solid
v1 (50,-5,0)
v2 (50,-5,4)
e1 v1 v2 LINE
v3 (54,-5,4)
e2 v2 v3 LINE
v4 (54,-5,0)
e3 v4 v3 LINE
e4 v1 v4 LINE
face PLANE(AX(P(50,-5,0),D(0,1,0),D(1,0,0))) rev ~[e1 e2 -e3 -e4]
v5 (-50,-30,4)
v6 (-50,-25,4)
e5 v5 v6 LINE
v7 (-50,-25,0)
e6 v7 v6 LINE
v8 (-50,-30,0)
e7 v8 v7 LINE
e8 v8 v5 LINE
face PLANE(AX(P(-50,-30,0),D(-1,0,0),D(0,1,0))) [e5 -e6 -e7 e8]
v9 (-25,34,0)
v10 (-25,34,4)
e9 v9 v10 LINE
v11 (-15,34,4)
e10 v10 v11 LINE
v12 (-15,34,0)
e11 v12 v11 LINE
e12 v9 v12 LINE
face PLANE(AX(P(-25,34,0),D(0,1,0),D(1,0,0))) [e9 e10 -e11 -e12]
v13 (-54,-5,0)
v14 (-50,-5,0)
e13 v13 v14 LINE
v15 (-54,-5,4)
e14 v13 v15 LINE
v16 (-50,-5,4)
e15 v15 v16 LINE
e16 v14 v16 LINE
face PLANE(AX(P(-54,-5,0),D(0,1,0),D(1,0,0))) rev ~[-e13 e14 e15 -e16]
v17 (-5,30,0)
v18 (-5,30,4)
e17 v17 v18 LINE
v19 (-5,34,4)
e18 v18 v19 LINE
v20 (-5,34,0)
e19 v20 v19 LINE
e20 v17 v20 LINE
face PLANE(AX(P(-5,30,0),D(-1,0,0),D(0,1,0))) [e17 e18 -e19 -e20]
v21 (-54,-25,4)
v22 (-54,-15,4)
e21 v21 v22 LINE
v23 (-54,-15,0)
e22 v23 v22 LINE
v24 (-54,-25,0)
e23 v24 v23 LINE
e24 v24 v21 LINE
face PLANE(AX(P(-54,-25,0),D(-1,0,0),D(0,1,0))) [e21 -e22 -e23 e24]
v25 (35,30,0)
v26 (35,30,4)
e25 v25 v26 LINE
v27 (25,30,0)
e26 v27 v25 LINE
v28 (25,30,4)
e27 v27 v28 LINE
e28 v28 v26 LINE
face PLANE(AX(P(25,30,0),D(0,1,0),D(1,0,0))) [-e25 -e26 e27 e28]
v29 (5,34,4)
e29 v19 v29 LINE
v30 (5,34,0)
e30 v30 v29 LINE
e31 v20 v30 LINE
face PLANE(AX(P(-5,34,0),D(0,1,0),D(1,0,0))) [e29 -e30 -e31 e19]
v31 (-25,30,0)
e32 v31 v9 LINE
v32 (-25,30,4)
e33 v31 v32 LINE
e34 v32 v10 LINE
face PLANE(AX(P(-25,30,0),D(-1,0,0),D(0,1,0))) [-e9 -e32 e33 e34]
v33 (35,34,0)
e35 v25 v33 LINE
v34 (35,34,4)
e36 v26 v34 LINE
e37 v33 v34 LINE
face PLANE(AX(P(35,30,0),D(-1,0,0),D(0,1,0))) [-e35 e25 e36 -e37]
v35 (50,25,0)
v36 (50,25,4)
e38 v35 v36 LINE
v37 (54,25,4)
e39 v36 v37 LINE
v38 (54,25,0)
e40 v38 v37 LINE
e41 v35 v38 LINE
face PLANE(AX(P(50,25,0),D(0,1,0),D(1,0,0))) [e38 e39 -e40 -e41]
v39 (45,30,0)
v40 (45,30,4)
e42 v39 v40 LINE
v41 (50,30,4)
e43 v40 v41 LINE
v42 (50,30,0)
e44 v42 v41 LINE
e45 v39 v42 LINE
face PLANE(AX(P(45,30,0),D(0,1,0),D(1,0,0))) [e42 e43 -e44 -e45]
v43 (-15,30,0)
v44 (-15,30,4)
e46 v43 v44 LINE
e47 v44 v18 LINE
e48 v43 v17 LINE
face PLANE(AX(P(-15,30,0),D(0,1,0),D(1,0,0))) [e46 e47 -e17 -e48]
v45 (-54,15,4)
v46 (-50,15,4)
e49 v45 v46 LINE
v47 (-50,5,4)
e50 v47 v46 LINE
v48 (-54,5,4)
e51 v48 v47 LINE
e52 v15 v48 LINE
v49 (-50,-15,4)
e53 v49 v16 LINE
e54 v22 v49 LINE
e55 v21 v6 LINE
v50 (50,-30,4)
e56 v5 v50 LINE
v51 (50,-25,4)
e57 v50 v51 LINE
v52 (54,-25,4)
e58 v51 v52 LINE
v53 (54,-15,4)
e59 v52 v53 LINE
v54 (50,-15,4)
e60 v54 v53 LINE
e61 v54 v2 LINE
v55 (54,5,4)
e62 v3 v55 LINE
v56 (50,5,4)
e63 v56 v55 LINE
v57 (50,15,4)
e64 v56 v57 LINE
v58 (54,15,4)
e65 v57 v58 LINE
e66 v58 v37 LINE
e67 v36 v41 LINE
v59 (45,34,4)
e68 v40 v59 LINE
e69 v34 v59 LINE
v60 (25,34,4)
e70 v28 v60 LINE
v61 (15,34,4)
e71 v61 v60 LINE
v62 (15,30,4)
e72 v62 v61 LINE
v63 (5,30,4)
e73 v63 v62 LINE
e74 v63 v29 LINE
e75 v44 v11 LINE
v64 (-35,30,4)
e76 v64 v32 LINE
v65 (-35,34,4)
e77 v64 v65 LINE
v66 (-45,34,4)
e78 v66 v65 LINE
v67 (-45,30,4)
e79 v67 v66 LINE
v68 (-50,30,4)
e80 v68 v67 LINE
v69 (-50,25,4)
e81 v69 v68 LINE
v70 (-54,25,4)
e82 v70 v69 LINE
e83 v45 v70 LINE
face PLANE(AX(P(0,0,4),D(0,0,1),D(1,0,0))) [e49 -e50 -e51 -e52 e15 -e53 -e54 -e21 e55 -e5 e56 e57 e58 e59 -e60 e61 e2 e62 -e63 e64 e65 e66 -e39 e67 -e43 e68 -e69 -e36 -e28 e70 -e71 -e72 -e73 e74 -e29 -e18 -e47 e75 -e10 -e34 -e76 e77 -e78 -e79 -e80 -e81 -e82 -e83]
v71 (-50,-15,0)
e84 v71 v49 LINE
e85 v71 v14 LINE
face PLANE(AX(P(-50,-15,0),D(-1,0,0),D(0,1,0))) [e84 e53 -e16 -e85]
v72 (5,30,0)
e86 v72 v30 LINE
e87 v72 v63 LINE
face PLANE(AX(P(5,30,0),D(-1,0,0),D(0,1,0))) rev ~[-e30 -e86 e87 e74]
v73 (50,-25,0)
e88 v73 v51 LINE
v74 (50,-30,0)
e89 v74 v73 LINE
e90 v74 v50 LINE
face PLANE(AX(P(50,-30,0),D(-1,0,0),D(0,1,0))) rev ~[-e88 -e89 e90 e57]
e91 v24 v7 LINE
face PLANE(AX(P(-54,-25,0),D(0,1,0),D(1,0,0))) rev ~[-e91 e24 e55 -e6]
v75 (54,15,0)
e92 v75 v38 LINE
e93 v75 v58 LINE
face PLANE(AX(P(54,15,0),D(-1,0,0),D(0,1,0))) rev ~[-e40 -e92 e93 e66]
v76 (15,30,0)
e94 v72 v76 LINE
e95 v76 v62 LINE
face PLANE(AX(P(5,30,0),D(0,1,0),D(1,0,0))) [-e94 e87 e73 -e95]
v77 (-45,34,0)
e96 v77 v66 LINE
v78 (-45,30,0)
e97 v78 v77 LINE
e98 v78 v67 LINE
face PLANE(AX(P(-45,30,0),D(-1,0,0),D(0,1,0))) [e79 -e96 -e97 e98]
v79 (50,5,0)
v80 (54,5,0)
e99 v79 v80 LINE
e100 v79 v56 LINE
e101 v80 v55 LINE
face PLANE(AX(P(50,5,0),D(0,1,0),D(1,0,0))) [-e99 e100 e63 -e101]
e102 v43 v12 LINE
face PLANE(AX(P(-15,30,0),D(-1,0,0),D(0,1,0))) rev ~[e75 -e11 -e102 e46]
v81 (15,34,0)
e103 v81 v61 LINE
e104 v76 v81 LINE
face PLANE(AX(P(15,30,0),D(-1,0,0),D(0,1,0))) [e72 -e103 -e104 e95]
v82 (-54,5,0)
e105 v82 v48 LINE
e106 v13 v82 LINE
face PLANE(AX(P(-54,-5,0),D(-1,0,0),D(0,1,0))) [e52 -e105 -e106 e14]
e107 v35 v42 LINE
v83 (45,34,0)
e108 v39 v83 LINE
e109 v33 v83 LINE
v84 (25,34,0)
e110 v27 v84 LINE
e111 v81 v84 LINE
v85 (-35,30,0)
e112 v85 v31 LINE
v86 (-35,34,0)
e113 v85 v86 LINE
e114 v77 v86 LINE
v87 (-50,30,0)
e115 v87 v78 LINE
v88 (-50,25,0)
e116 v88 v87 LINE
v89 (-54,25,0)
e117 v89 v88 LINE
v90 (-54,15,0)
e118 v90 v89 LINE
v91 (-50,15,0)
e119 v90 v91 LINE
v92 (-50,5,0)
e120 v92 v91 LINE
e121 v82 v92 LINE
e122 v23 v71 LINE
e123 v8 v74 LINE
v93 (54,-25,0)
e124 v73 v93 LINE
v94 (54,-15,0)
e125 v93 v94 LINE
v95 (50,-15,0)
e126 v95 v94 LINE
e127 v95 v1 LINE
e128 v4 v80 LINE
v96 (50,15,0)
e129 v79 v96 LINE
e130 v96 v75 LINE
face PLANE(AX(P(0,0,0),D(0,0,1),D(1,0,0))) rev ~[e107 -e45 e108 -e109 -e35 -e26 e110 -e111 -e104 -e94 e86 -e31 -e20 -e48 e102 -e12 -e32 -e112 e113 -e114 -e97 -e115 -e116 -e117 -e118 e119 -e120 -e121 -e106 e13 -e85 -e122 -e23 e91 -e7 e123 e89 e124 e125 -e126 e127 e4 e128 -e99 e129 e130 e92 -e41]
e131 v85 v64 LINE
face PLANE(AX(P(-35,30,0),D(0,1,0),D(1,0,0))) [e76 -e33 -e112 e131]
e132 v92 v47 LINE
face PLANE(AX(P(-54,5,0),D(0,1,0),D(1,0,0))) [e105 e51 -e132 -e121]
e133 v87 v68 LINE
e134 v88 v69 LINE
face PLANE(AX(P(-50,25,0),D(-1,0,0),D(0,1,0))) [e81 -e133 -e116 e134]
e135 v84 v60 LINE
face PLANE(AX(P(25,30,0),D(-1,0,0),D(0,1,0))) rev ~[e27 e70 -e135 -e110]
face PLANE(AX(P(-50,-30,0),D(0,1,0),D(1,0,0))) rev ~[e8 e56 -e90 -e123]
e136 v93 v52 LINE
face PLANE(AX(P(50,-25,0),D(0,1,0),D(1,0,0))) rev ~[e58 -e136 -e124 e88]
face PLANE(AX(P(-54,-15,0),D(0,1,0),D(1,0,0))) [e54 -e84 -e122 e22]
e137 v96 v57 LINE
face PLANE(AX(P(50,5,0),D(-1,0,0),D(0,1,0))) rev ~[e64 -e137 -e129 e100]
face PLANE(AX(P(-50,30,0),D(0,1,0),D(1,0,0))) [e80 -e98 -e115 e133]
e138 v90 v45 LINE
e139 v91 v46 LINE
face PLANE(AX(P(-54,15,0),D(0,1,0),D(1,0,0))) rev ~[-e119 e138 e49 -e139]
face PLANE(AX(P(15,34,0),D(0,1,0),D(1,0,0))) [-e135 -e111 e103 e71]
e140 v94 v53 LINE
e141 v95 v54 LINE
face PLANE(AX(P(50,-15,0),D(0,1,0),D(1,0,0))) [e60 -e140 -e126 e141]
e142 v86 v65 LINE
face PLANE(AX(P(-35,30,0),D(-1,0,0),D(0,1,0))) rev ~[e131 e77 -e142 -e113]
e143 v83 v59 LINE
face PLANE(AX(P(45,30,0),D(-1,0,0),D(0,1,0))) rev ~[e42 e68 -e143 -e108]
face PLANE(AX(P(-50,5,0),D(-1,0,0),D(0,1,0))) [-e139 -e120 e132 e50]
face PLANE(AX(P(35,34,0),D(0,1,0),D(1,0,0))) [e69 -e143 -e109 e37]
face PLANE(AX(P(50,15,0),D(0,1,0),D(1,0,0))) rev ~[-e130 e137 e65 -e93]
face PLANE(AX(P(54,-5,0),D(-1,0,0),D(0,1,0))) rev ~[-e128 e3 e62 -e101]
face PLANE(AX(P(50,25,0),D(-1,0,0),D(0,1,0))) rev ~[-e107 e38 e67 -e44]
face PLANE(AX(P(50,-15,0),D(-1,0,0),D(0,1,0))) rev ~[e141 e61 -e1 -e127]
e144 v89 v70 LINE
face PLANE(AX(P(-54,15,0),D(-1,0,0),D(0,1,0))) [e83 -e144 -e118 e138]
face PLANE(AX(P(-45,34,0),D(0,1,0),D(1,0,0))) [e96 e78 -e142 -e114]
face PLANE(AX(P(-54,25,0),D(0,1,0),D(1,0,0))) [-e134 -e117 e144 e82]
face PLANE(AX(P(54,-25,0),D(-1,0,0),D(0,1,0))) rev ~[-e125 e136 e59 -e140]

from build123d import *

# Parameters (mm, degrees)
SKETCH1_W           = 100
SKETCH1_H           = 60
SKETCH1_W_2         = 10
SKETCH1_H_2         = 8
SKETCH1_W_3         = 8
SKETCH1_H_3         = 10
BOSS_EXTRUDE1_DEPTH = 4


with BuildPart() as part:
    # Sketch1 → Boss-Extrude1 (new body)
    with BuildSketch(Plane.XY):
        Rectangle(SKETCH1_W, SKETCH1_H)
        with Locations((-40, 30)):
            Rectangle(SKETCH1_W_2, SKETCH1_H_2)
        with Locations((-20, 30)):
            Rectangle(SKETCH1_W_2, SKETCH1_H_2)
        with Locations((0, 30)):
            Rectangle(SKETCH1_W_2, SKETCH1_H_2)
        with Locations((20, 30)):
            Rectangle(SKETCH1_W_2, SKETCH1_H_2)
        with Locations((40, 30)):
            Rectangle(SKETCH1_W_2, SKETCH1_H_2)
        with Locations((50, 20)):
            Rectangle(SKETCH1_W_3, SKETCH1_H_3)
        with Locations((50, 0)):
            Rectangle(SKETCH1_W_3, SKETCH1_H_3)
        with Locations((50, -20)):
            Rectangle(SKETCH1_W_3, SKETCH1_H_3)
        with Locations((-50, 20)):
            Rectangle(SKETCH1_W_3, SKETCH1_H_3)
        with Locations((-50, 0)):
            Rectangle(SKETCH1_W_3, SKETCH1_H_3)
        with Locations((-50, -20)):
            Rectangle(SKETCH1_W_3, SKETCH1_H_3)
    extrude(amount=BOSS_EXTRUDE1_DEPTH)


solid = part.part
